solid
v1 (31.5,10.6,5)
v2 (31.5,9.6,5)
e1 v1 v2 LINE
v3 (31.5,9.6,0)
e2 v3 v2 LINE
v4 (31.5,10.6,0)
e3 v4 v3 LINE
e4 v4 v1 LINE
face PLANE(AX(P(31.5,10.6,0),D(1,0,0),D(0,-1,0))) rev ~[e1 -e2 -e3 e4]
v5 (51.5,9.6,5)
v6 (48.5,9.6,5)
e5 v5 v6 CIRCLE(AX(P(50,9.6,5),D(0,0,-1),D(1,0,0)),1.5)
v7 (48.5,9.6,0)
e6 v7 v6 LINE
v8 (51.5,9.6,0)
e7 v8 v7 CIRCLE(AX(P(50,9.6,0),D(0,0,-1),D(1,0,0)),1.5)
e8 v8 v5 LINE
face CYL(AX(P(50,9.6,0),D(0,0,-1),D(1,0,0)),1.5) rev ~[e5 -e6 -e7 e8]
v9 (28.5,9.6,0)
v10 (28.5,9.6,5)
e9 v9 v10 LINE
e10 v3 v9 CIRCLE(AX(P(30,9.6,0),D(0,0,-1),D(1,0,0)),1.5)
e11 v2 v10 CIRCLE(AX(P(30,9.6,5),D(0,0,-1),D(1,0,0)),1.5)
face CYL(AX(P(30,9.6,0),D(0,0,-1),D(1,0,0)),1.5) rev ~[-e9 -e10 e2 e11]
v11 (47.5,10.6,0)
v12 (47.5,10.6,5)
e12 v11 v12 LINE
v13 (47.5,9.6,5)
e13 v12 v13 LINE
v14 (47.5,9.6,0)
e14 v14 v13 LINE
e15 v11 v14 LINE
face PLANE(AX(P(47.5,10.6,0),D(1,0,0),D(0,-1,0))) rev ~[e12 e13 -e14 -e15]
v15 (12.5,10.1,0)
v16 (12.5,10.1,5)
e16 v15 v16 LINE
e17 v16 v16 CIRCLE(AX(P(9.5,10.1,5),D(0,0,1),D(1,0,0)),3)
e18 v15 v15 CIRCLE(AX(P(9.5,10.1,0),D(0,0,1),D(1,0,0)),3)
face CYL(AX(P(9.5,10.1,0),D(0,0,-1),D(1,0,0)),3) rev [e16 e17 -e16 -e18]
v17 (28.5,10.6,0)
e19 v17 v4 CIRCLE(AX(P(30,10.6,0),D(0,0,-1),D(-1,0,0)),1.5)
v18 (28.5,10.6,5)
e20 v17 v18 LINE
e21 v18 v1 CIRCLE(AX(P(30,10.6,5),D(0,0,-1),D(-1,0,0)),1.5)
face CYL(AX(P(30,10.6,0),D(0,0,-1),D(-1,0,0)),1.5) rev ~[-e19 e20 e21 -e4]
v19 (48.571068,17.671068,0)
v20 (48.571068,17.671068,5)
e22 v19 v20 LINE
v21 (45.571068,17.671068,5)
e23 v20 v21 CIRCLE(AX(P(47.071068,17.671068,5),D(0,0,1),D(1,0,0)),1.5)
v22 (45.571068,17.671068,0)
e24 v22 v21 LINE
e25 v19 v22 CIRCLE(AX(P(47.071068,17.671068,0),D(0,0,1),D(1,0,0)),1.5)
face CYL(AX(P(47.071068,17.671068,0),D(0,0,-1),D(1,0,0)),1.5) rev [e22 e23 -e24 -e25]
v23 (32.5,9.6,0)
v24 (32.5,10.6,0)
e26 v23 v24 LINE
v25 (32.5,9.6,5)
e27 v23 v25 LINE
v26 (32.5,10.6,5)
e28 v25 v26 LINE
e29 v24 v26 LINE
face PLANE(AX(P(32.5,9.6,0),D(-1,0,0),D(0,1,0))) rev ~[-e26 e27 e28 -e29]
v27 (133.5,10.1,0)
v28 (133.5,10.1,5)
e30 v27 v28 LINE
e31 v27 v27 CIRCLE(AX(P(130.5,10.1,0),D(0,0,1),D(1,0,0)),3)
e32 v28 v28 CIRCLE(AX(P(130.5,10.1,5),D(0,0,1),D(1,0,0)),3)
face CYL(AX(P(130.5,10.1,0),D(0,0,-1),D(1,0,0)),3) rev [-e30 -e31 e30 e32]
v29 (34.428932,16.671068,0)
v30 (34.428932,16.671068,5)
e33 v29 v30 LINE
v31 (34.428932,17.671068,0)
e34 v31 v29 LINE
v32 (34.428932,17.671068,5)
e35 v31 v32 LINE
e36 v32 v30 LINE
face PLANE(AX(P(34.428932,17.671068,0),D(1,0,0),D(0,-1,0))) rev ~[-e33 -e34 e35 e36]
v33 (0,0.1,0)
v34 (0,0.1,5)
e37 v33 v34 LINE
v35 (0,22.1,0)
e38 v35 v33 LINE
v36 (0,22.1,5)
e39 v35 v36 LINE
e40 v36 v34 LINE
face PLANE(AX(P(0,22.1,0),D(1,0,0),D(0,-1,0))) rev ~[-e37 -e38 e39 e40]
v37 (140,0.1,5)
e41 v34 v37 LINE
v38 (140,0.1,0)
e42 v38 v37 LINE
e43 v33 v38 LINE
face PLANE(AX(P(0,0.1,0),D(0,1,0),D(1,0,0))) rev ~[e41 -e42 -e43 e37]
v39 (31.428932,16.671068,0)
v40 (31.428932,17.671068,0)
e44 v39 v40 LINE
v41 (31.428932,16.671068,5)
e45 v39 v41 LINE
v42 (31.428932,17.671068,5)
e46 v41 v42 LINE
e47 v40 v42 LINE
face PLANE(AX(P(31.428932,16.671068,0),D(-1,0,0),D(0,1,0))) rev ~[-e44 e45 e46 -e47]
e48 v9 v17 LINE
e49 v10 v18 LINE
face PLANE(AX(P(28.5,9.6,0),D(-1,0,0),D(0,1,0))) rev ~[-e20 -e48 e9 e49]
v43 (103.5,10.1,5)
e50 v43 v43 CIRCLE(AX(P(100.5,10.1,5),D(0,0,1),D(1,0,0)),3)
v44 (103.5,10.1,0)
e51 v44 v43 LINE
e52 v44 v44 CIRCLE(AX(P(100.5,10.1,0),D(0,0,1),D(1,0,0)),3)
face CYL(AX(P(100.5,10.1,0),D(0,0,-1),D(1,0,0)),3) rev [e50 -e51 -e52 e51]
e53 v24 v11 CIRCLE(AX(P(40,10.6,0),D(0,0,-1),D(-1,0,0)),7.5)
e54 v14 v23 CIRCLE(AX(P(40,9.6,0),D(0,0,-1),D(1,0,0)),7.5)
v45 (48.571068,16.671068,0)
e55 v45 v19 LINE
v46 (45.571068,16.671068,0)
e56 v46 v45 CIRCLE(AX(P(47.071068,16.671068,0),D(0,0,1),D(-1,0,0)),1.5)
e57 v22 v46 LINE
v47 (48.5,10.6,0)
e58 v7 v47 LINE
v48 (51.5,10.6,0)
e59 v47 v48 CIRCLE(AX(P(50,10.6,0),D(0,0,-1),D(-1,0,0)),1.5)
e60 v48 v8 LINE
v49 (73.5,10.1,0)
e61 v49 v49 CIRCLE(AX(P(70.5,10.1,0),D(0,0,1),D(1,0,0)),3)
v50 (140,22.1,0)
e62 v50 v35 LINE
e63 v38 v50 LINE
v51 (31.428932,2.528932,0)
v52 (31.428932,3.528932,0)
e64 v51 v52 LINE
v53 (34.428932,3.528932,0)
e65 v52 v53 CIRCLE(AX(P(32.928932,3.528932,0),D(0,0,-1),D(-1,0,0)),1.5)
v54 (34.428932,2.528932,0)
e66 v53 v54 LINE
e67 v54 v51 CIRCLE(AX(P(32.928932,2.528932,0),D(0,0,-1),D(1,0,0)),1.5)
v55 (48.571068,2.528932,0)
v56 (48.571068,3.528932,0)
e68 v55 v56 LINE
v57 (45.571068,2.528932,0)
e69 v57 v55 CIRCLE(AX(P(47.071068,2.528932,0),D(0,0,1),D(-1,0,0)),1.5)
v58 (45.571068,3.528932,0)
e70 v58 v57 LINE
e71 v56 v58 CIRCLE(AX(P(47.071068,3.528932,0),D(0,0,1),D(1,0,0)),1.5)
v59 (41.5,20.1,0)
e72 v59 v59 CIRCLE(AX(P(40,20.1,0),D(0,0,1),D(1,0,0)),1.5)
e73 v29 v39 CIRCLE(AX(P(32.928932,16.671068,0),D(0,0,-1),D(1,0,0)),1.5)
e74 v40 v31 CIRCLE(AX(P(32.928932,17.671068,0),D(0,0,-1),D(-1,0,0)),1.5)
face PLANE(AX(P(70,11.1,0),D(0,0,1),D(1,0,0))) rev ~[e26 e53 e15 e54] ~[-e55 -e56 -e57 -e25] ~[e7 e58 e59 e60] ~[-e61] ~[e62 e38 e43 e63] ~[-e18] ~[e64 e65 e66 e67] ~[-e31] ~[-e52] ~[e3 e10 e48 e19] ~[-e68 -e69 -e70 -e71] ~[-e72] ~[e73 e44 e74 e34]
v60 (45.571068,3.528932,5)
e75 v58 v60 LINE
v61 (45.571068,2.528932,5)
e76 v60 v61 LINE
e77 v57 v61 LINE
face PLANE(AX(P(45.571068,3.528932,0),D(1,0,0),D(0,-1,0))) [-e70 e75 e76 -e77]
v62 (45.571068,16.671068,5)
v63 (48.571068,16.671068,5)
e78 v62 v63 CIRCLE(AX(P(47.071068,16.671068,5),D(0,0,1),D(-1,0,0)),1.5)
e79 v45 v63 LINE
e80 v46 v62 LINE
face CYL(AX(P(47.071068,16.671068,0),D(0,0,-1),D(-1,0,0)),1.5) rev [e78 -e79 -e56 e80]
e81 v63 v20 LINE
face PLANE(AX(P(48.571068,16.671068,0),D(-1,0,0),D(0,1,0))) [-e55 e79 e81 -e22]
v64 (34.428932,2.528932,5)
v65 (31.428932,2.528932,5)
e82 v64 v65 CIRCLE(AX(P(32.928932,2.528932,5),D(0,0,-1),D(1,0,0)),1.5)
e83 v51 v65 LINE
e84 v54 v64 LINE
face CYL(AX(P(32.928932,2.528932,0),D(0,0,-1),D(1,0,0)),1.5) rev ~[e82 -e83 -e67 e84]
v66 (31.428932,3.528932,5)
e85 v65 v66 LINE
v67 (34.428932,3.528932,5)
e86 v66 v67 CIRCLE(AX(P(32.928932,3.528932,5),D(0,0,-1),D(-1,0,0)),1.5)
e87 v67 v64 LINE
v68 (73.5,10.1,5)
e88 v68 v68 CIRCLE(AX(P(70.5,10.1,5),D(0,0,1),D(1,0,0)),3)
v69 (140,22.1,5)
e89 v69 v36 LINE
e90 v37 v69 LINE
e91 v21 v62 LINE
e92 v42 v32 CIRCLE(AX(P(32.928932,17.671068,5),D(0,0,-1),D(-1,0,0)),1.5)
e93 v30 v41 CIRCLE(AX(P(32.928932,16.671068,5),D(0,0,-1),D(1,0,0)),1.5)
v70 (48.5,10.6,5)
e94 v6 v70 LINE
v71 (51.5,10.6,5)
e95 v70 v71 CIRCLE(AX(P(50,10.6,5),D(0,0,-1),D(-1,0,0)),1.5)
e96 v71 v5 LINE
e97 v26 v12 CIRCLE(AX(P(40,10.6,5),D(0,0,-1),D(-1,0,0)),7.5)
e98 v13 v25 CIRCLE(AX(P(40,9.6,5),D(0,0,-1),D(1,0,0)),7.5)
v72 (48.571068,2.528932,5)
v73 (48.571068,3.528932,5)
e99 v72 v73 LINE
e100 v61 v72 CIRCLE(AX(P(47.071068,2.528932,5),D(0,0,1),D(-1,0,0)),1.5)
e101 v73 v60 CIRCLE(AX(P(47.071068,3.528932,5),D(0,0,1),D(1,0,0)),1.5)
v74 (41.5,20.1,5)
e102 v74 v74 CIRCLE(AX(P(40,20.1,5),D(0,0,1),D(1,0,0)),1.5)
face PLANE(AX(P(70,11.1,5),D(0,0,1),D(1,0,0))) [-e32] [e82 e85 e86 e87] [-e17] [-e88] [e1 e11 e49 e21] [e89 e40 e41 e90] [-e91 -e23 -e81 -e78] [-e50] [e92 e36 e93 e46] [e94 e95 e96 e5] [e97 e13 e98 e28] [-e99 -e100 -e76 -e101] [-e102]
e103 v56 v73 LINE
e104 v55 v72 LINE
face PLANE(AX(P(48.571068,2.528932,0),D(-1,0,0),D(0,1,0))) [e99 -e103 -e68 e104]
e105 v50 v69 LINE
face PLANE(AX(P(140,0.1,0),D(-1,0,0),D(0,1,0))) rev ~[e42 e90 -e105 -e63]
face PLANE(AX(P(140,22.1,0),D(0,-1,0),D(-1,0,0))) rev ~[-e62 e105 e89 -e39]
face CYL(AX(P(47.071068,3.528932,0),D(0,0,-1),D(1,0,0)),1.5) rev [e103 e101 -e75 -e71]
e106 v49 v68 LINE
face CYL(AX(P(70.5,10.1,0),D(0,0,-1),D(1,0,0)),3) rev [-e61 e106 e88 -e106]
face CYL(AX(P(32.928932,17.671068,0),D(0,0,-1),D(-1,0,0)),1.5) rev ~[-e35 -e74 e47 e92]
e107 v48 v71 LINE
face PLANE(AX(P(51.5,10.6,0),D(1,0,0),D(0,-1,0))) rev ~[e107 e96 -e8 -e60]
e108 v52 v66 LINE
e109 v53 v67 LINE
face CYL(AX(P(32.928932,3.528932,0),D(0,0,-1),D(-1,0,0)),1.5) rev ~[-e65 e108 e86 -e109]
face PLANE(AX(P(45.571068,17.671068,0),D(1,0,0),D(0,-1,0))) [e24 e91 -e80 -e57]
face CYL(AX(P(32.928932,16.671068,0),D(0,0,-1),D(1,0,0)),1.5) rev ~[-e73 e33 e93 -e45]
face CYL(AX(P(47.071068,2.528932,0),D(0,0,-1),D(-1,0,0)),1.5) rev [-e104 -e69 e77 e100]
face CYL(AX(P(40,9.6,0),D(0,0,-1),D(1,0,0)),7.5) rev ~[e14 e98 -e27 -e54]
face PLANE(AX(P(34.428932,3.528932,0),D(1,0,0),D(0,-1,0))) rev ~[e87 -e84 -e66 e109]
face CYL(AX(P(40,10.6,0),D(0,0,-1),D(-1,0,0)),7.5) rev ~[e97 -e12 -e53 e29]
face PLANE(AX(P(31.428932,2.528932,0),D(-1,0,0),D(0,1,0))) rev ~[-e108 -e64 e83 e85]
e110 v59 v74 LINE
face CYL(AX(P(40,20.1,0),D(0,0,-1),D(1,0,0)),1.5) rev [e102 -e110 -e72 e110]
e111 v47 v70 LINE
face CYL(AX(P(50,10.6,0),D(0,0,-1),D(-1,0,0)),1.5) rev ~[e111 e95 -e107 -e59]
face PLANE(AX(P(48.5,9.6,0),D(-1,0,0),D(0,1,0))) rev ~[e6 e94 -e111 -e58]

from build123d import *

# Parameters (mm, degrees)
SKETCH_1_R      = 1.5
SKETCH_1_R_2    = 3
EXTRUDE_1_DEPTH = 5


with BuildPart() as part:
    # 스케치1 → 보스-돌출1 (new body)
    with BuildSketch(Plane.XY):
        Polygon((0, 10.1), (0, 0.1), (140, 0.1), (140, 10.1), (140, 22.1), (0, 22.1), align=None)
        with Locations((40, 20.1)):
            Circle(SKETCH_1_R, mode=Mode.SUBTRACT)
        with Locations((70.5, 10.1)):
            Circle(SKETCH_1_R_2, mode=Mode.SUBTRACT)
        with Locations((100.5, 10.1)):
            Circle(SKETCH_1_R_2, mode=Mode.SUBTRACT)
        with Locations((130.5, 10.1)):
            Circle(SKETCH_1_R_2, mode=Mode.SUBTRACT)
        with Locations((9.5, 10.1)):
            Circle(SKETCH_1_R_2, mode=Mode.SUBTRACT)
        with BuildLine():
            Line((32.5, 10.1), (32.5, 10.6))
            ThreePointArc((32.5, 10.6), (40, 18.1), (47.5, 10.6))
            Line((47.5, 10.6), (47.5, 10.1))
            Line((47.5, 10.1), (47.5, 9.6))
            ThreePointArc((47.5, 9.6), (40, 2.1), (32.5, 9.6))
            Line((32.5, 9.6), (32.5, 10.1))
        make_face(mode=Mode.SUBTRACT)
        with BuildLine():
            Line((31.428932188, 3.028932188), (31.428932188, 3.528932188))
            ThreePointArc((31.428932188, 3.528932188), (32.928932188, 5.028932188), (34.428932188, 3.528932188))
            Line((34.428932188, 3.528932188), (34.428932188, 3.028932188))
            Line((34.428932188, 3.028932188), (34.428932188, 2.528932188))
            ThreePointArc((34.428932188, 2.528932188), (32.928932188, 1.028932188), (31.428932188, 2.528932188))
            Line((31.428932188, 2.528932188), (31.428932188, 3.028932188))
        make_face(mode=Mode.SUBTRACT)
        with BuildLine():
            Line((28.5, 10.1), (28.5, 10.6))
            ThreePointArc((28.5, 10.6), (30, 12.1), (31.5, 10.6))
            Line((31.5, 10.6), (31.5, 10.1))
            Line((31.5, 10.1), (31.5, 9.6))
            ThreePointArc((31.5, 9.6), (30, 8.1), (28.5, 9.6))
            Line((28.5, 9.6), (28.5, 10.1))
        make_face(mode=Mode.SUBTRACT)
        with BuildLine():
            Line((31.428932188, 17.171067812), (31.428932188, 17.671067812))
            ThreePointArc((31.428932188, 17.671067812), (32.928932188, 19.171067812), (34.428932188, 17.671067812))
            Line((34.428932188, 17.671067812), (34.428932188, 17.171067812))
            Line((34.428932188, 17.171067812), (34.428932188, 16.671067812))
            ThreePointArc((34.428932188, 16.671067812), (32.928932188, 15.171067812), (31.428932188, 16.671067812))
            Line((31.428932188, 16.671067812), (31.428932188, 17.171067812))
        make_face(mode=Mode.SUBTRACT)
        with BuildLine():
            Line((45.571067812, 17.171067812), (45.571067812, 16.671067812))
            ThreePointArc((45.571067812, 16.671067812), (47.071067812, 15.171067812), (48.571067812, 16.671067812))
            Line((48.571067812, 16.671067812), (48.571067812, 17.171067812))
            Line((48.571067812, 17.171067812), (48.571067812, 17.671067812))
            ThreePointArc((48.571067812, 17.671067812), (47.071067812, 19.171067812), (45.571067812, 17.671067812))
            Line((45.571067812, 17.671067812), (45.571067812, 17.171067812))
        make_face(mode=Mode.SUBTRACT)
        with BuildLine():
            Line((51.5, 10.1), (51.5, 9.6))
            ThreePointArc((51.5, 9.6), (50, 8.1), (48.5, 9.6))
            Line((48.5, 9.6), (48.5, 10.1))
            Line((48.5, 10.1), (48.5, 10.6))
            ThreePointArc((48.5, 10.6), (50, 12.1), (51.5, 10.6))
            Line((51.5, 10.6), (51.5, 10.1))
        make_face(mode=Mode.SUBTRACT)
        with BuildLine():
            Line((48.571067812, 3.028932188), (48.571067812, 3.528932188))
            ThreePointArc((48.571067812, 3.528932188), (47.071067812, 5.028932188), (45.571067812, 3.528932188))
            Line((45.571067812, 3.528932188), (45.571067812, 3.028932188))
            Line((45.571067812, 3.028932188), (45.571067812, 2.528932188))
            ThreePointArc((45.571067812, 2.528932188), (47.071067812, 1.028932188), (48.571067812, 2.528932188))
            Line((48.571067812, 2.528932188), (48.571067812, 3.028932188))
        make_face(mode=Mode.SUBTRACT)
    extrude(amount=EXTRUDE_1_DEPTH)


solid = part.part
